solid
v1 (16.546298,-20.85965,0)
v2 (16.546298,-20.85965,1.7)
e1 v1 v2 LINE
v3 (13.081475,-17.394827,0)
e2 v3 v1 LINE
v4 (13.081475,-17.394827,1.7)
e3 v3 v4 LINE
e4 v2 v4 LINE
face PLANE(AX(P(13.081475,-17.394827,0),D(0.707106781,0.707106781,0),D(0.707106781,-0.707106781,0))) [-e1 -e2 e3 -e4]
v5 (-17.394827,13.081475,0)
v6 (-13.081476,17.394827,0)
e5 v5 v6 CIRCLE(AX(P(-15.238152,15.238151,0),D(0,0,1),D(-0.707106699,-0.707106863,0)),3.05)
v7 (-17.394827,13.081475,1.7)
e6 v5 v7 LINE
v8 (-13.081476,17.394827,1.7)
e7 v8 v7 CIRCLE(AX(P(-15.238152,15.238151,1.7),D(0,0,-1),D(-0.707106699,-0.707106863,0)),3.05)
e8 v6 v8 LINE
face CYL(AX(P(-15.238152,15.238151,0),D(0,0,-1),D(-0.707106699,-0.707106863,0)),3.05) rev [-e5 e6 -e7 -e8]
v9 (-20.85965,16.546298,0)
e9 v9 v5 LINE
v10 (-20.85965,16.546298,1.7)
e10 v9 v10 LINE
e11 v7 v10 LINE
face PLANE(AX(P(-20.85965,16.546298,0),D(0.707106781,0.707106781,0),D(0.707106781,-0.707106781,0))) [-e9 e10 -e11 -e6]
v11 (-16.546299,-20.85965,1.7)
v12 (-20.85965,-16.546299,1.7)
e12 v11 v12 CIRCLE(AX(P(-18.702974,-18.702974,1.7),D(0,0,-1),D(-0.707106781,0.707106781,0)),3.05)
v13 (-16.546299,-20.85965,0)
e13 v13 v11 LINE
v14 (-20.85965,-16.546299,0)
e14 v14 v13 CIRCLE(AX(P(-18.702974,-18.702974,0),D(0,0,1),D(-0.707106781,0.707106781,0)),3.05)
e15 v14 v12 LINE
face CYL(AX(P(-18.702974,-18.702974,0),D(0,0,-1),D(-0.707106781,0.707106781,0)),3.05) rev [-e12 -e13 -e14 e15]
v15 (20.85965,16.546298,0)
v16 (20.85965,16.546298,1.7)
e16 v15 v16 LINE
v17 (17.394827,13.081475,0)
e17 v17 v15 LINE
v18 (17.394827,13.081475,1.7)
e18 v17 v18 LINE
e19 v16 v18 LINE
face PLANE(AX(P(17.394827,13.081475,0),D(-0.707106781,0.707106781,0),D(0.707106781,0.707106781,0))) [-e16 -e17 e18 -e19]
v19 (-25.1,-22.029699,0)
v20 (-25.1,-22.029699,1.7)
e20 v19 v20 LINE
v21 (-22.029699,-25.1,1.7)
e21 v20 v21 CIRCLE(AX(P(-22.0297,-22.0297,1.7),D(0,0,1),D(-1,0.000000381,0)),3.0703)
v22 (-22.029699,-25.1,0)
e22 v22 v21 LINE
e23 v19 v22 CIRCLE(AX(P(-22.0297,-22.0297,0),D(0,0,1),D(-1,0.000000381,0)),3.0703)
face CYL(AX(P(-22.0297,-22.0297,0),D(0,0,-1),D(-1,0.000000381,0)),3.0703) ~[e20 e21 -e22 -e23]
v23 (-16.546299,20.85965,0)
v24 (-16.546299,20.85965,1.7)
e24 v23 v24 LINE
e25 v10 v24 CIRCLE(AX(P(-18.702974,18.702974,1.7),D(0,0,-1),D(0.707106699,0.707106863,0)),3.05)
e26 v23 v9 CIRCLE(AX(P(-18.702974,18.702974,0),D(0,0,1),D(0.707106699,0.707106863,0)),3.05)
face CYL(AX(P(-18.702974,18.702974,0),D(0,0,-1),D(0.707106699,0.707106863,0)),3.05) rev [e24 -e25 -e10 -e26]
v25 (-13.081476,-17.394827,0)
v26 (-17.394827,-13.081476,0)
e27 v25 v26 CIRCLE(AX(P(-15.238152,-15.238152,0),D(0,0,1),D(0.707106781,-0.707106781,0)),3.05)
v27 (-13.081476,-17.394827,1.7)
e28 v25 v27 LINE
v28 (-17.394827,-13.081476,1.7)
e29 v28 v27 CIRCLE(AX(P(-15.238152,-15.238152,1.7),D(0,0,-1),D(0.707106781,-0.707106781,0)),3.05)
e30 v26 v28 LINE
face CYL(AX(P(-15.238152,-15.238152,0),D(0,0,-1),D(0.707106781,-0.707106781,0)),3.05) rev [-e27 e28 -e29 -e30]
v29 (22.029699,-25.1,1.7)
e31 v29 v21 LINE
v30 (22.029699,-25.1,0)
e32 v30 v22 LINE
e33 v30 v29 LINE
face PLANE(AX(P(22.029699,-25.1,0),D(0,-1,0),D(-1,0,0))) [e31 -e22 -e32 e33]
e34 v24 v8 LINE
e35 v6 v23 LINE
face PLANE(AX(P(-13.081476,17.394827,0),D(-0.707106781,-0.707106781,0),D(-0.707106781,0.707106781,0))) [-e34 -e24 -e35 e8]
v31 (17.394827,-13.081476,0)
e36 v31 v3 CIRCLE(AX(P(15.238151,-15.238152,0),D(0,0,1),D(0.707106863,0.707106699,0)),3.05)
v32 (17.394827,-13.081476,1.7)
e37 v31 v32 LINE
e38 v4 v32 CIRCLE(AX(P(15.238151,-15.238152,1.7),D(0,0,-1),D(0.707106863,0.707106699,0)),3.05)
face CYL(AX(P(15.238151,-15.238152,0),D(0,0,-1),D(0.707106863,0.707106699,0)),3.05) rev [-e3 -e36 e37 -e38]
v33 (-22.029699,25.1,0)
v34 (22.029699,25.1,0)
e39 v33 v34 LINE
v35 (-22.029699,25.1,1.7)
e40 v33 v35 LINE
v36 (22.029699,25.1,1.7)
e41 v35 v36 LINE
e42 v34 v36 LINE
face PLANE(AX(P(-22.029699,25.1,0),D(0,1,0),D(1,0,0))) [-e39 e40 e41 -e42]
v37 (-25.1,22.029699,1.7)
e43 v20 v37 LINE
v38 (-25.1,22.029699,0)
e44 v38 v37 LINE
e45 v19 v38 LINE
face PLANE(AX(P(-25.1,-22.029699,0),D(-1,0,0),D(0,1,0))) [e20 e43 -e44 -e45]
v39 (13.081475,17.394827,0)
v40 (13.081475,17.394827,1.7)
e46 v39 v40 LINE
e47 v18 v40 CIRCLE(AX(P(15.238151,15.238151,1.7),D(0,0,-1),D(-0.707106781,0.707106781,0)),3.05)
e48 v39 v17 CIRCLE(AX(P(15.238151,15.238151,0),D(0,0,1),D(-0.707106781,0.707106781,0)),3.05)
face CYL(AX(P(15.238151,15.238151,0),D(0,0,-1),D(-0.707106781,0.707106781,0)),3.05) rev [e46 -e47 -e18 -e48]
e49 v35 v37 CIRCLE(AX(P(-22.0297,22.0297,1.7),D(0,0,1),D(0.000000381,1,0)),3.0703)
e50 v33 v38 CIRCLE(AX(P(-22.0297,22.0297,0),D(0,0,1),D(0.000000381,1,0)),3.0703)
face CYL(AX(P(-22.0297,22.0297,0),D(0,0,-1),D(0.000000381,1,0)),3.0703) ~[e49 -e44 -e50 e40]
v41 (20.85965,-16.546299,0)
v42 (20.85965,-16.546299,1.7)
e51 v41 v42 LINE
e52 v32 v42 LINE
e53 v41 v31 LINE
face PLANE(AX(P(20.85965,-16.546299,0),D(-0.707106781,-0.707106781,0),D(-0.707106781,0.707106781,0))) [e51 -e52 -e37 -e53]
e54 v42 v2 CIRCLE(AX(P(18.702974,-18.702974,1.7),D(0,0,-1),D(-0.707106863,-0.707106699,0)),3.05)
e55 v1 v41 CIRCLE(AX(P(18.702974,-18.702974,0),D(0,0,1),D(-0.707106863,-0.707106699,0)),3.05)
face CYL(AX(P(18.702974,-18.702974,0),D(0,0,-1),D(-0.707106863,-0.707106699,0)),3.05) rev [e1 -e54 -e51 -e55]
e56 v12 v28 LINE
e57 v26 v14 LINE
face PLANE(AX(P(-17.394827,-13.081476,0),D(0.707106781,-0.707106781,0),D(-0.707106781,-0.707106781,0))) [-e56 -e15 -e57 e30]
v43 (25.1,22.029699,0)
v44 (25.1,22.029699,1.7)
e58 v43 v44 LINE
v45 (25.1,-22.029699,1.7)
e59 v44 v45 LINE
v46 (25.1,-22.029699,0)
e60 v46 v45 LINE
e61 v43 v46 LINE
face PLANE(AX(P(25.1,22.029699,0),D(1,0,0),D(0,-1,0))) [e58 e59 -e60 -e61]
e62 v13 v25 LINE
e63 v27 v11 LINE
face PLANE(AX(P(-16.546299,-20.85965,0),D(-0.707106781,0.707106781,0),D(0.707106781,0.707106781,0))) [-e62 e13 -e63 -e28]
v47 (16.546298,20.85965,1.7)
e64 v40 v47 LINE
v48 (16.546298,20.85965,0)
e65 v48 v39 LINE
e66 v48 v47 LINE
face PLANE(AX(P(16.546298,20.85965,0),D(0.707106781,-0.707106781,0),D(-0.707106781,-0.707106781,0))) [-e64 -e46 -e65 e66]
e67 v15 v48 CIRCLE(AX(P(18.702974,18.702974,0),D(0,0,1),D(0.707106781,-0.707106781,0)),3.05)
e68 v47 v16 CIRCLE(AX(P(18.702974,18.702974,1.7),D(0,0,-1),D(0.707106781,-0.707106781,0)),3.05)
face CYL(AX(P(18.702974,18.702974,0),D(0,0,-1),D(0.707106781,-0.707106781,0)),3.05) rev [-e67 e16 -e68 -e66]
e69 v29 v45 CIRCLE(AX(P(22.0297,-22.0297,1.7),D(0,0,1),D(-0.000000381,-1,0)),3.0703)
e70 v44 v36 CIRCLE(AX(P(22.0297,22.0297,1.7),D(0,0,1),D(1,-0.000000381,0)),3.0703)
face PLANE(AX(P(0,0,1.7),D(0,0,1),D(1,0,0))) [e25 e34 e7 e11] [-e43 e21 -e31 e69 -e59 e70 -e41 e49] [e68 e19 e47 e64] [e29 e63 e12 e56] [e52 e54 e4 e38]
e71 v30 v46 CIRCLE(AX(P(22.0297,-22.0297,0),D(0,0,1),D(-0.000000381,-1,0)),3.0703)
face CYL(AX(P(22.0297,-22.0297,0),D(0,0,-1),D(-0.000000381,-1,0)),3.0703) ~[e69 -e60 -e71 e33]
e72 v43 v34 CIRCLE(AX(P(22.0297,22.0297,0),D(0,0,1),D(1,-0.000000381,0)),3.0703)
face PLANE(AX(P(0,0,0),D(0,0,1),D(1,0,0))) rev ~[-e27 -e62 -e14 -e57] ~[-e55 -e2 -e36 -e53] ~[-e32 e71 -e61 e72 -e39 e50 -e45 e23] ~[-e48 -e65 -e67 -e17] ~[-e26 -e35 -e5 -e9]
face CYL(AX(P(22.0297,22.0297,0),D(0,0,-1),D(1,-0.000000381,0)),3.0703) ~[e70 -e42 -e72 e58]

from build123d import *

# Parameters (mm, degrees)
PAD_DEPTH         = 1.7
POCKET_DEPTH      = 0.001
POCKET_DEPTH_BACK = 1.701


with BuildPart() as part:
    # Sketch001 → Pad (new body)
    with BuildSketch(Plane.XY):
        with BuildLine():
            ThreePointArc((-25.1, -22.029699), (-24.20073, -24.20073), (-22.029699, -25.1))
            Line((22.029699, -25.1), (-22.029699, -25.1))
            ThreePointArc((22.029699, -25.1), (24.20073, -24.20073), (25.1, -22.029699))
            Line((25.1, 22.029699), (25.1, -22.029699))
            ThreePointArc((25.1, 22.029699), (24.20073, 24.20073), (22.029699, 25.1))
            Line((-22.029699, 25.1), (22.029699, 25.1))
            ThreePointArc((-22.029699, 25.1), (-24.20073, 24.20073), (-25.1, 22.029699))
            Line((-25.1, -22.029699), (-25.1, 22.029699))
        make_face()
    extrude(amount=PAD_DEPTH)

    # Binder → Pocket (cut, two sides)
    with BuildSketch(Plane(origin=(-16.970563, -16.970563, 0), x_dir=(0, 1, 0), z_dir=(0, 0, 1))) as pocket_sk:
        with BuildLine():
            ThreePointArc((0.424264, 3.889087), (-3.889087, 3.889087), (-3.889087, -0.424264))
            Line((-3.889087, -0.424264), (-0.424264, -3.889087))
            ThreePointArc((-0.424264, -3.889087), (3.889087, -3.889087), (3.889087, 0.424264))
            Line((3.889087, 0.424264), (0.424264, 3.889087))
        make_face()
        with BuildLine():
            ThreePointArc((-3.889087, -33.516861), (-3.889087, -37.830213), (0.424264, -37.830213))
            Line((0.424264, -37.830213), (3.889087, -34.36539))
            ThreePointArc((3.889087, -34.36539), (3.889087, -30.052038), (-0.424264, -30.052038))
            Line((-0.424264, -30.052038), (-3.889087, -33.516861))
        make_face()
        with BuildLine():
            ThreePointArc((37.830213, -0.424264), (37.830213, 3.889087), (33.516861, 3.889087))
            Line((33.516861, 3.889087), (30.052038, 0.424264))
            ThreePointArc((30.052038, 0.424264), (30.052038, -3.889087), (34.36539, -3.889087))
            Line((34.36539, -3.889087), (37.830213, -0.424264))
        make_face()
        with BuildLine():
            ThreePointArc((33.516861, -37.830213), (37.830213, -37.830213), (37.830213, -33.516861))
            Line((37.830213, -33.516861), (34.36539, -30.052038))
            ThreePointArc((34.36539, -30.052038), (30.052038, -30.052038), (30.052038, -34.36539))
            Line((30.052038, -34.36539), (33.516861, -37.830213))
        make_face()
    extrude(amount=-POCKET_DEPTH, mode=Mode.SUBTRACT)
    extrude(pocket_sk.sketch, amount=POCKET_DEPTH_BACK, mode=Mode.SUBTRACT)


solid = part.part
